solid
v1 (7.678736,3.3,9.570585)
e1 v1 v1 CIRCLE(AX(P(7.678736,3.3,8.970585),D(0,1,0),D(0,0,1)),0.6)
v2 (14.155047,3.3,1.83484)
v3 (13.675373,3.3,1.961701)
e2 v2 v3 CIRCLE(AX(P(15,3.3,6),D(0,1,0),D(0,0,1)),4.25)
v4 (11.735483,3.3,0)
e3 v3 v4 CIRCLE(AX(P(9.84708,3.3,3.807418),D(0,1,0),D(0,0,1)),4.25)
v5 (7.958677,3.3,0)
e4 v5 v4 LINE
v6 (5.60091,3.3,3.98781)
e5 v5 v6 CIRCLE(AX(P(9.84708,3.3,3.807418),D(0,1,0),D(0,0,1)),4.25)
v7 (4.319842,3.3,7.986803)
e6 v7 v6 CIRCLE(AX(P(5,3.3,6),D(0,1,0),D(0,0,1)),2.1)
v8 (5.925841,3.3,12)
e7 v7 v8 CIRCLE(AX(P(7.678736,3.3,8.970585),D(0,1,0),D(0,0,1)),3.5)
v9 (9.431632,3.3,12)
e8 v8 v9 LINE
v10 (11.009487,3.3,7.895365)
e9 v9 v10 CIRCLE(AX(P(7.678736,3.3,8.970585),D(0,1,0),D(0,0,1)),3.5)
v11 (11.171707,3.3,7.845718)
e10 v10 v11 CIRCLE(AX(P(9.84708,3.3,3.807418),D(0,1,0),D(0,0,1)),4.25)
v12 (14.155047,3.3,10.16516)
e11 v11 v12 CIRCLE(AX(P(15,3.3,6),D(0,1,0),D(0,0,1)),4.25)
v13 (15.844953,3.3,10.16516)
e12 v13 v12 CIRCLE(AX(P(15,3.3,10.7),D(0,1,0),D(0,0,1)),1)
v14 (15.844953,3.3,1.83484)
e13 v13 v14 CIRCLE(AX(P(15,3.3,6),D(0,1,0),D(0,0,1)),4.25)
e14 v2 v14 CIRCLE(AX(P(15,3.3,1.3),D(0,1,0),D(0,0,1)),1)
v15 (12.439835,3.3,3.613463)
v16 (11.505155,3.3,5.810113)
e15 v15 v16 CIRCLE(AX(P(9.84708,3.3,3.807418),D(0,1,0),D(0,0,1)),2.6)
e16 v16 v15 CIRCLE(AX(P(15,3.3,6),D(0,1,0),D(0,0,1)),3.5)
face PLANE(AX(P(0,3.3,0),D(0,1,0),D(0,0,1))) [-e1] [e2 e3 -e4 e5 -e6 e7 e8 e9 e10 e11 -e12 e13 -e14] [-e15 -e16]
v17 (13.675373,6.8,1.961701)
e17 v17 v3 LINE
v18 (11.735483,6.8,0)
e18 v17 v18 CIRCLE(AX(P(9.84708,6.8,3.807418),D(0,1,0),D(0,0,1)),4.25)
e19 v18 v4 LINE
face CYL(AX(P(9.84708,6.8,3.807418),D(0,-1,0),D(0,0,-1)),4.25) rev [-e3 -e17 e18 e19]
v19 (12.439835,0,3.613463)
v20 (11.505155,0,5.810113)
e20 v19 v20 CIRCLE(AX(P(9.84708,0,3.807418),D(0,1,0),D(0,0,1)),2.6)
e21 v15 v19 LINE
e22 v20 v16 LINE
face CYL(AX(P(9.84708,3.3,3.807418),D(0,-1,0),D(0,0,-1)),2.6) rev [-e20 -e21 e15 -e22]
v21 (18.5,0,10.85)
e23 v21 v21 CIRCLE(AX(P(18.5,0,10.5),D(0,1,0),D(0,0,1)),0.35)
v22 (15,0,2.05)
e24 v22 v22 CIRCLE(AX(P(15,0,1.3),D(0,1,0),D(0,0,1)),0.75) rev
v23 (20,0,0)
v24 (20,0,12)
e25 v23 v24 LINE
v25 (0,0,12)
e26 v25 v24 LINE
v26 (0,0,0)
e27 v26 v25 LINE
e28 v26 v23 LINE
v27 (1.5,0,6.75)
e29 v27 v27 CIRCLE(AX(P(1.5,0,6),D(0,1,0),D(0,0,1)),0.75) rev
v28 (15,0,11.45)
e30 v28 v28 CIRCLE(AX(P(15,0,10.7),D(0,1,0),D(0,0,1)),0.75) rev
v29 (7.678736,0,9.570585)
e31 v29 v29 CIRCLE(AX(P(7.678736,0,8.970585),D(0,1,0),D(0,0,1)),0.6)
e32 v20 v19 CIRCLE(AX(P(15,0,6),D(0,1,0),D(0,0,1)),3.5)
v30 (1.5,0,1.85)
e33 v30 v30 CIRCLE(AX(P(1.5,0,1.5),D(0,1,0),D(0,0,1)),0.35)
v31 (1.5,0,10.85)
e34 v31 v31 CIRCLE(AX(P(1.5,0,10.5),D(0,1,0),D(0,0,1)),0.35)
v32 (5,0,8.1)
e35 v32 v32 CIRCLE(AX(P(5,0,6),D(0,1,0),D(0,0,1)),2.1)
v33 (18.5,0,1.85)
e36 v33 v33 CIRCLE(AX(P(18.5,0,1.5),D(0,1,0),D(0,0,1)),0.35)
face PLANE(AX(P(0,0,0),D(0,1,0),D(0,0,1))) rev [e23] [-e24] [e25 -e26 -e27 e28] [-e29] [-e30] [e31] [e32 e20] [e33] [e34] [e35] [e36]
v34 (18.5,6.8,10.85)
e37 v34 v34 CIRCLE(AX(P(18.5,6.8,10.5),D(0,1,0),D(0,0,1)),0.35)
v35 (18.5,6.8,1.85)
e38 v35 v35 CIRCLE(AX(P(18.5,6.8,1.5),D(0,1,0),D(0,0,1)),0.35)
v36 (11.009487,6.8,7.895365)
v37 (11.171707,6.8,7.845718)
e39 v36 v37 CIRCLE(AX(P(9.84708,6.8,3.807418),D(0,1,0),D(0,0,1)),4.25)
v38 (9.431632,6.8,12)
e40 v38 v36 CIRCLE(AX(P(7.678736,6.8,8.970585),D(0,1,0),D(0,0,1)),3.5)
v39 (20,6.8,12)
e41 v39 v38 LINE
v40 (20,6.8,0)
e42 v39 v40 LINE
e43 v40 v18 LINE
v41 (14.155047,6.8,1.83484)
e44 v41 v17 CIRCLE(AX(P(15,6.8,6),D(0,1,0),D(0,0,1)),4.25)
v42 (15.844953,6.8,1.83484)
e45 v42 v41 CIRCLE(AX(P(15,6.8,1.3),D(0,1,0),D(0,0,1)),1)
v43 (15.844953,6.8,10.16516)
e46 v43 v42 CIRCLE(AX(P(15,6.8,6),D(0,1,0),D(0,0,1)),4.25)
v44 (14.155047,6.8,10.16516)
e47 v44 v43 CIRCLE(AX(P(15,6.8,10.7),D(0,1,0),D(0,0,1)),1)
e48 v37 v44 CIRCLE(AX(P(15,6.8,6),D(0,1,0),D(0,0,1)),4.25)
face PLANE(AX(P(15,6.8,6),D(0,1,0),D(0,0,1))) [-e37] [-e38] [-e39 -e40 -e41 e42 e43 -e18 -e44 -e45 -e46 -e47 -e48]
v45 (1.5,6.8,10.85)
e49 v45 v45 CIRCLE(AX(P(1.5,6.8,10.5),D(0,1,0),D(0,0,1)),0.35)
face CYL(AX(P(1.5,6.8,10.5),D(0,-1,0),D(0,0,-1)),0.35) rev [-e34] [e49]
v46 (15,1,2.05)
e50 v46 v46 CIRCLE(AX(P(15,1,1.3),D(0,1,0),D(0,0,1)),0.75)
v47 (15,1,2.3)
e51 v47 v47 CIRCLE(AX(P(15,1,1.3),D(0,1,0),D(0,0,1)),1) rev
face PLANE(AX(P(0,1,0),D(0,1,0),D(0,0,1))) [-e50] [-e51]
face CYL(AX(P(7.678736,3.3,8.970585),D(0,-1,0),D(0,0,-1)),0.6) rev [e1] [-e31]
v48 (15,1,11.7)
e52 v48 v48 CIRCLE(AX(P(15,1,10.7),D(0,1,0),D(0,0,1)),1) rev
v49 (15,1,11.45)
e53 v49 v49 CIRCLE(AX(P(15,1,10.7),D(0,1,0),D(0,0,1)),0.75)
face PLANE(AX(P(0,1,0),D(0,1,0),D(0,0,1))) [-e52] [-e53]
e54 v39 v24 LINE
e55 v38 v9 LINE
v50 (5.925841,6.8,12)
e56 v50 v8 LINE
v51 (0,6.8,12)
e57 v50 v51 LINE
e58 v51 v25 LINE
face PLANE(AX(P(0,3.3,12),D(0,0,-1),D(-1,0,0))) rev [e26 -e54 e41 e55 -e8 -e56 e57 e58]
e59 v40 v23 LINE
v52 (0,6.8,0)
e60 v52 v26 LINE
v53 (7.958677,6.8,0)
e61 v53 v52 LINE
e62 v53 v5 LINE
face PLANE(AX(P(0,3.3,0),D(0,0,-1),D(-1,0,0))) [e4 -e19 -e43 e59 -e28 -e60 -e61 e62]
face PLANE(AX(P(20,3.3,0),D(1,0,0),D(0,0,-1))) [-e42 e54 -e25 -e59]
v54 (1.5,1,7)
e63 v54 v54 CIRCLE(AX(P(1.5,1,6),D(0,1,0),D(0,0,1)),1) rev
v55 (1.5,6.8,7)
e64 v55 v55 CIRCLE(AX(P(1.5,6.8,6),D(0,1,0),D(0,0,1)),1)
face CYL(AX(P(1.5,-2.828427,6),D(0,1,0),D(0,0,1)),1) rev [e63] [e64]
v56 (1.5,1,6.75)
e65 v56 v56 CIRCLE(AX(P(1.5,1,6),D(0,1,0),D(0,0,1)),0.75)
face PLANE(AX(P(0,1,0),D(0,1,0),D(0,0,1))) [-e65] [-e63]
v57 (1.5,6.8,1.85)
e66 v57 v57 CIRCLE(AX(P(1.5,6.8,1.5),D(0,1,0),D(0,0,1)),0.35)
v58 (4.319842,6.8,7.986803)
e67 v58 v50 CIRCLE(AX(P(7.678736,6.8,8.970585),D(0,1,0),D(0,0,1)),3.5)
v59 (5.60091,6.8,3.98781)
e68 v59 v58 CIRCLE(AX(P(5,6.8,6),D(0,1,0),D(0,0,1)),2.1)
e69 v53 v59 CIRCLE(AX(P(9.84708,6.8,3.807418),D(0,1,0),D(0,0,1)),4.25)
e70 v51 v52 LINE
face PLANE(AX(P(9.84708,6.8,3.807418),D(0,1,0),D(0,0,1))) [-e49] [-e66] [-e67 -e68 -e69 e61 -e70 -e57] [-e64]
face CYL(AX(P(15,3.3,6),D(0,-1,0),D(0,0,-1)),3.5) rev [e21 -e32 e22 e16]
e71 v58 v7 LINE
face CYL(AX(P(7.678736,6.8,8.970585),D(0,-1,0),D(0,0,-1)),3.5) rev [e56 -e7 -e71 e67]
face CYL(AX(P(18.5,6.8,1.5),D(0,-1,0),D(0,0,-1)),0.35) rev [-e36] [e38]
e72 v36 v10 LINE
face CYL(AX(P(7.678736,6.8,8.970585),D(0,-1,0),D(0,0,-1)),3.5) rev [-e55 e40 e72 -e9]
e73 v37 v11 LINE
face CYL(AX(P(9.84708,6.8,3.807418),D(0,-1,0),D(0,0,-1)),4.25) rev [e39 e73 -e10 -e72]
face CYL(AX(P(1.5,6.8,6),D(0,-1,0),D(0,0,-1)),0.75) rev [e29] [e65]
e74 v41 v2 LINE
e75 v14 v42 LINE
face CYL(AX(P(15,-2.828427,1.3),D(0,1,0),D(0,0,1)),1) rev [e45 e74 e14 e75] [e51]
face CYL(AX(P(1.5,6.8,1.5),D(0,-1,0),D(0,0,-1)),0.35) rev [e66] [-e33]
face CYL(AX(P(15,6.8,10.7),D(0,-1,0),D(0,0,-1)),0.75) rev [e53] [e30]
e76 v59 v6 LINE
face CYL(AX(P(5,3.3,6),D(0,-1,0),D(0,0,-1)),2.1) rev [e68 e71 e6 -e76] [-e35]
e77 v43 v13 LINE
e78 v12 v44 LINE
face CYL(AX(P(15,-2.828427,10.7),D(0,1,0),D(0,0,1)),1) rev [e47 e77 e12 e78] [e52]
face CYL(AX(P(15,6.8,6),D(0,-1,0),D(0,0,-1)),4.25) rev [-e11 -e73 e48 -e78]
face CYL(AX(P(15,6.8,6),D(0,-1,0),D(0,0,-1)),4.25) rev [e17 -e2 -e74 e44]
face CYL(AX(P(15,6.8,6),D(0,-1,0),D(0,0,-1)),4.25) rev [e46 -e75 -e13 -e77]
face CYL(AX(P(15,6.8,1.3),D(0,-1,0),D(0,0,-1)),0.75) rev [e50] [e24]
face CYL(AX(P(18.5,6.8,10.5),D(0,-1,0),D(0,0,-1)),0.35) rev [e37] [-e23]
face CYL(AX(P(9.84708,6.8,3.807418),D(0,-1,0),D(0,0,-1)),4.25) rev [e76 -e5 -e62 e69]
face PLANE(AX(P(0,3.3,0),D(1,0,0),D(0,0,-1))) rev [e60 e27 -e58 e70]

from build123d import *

# Parameters (mm, degrees)
SKETCH_1_W          = 20
SKETCH_1_H          = 12
SKETCH_1_R          = 2.1
SKETCH_1_R_2        = 0.6
EXTRUDE_1_DEPTH     = 3.3
EXTRUDE_START       = 3.3
EXTRUDE_4_DEPTH     = 3.5
SKETCH_2_R          = 0.75
CUT_EXTRUDE_1_DEPTH = 29.930952283
CUT_EXTRUDE_START   = 24
SKETCH_2_4_R        = 1
CUT_EXTRUDE_2_DEPTH = 5.8
SKETCH_3_R          = 0.35
CUT_EXTRUDE_3_DEPTH = 25.294855422


with BuildPart() as part:
    # 草图1 → 凸台-拉伸1 (new body)
    with BuildSketch(Plane(origin=(0, 0, 0), x_dir=(1, 0, 0), z_dir=(0, 1, 0))):
        with Locations((10, -6)):
            Rectangle(SKETCH_1_W, SKETCH_1_H)
        with BuildLine():
            ThreePointArc((12.439835428, -3.613463312), (18.220575086, -7.370363498), (11.50515478, -5.81011348))
            ThreePointArc((11.50515478, -5.81011348), (7.454652656, -2.789434091), (12.439835428, -3.613463312))
        make_face(mode=Mode.SUBTRACT)
        with Locations(Location((5, -6, 0), (0, 0, 270))):
            Circle(SKETCH_1_R, mode=Mode.SUBTRACT)
        with Locations(Location((7.678736094, -8.970584613, 0), (0, 0, 270))):
            Circle(SKETCH_1_R_2, mode=Mode.SUBTRACT)
    extrude(amount=EXTRUDE_1_DEPTH)

    # 草图1<6> → 凸台-拉伸4 (add)
    with BuildSketch(Plane(origin=(0, 0, 0), x_dir=(1, 0, 0), z_dir=(0, 1, 0)).offset(EXTRUDE_START)):
        with BuildLine():
            Line((7.958677072, 0), (0, 0))
            Line((0, 0), (0, -12))
            Line((0, -12), (5.925840657, -12))
            ThreePointArc((5.925840657, -12), (4.429268792, -10.270954659), (4.319841502, -7.986802561))
            ThreePointArc((4.319841502, -7.986802561), (3.000111311, -5.359340003), (5.600909971, -3.987810345))
            ThreePointArc((5.600909971, -3.987810345), (6.188678117, -1.644412009), (7.958677072, 0))
        make_face()
        with BuildLine():
            Line((20, 0), (11.735482653, 0))
            ThreePointArc((11.735482653, 0), (12.869036074, -0.819060885), (13.675372646, -1.961700559))
            ThreePointArc((13.675372646, -1.961700559), (18.910698319, -7.664012819), (11.171707216, -7.845717845))
            ThreePointArc((11.171707216, -7.845717845), (11.090844977, -7.871351024), (11.009487245, -7.895365208))
            ThreePointArc((11.009487245, -7.895365208), (10.945672327, -10.226422042), (9.43163153, -12))
            Line((9.43163153, -12), (20, -12))
            Line((20, -12), (20, 0))
        make_face()
    extrude(amount=EXTRUDE_4_DEPTH)

    # 草图2 → 切除-拉伸1 (cut, through all)
    with BuildSketch(Plane(origin=(5, -17.2, 6), x_dir=(0, 0, -1), z_dir=(0, 1, 0))):
        with Locations(Location((0, 3.5, 0), (0, 0, 180))):
            Circle(SKETCH_2_R)
        with Locations(Location((-4.7, -10, 0), (0, 0, 49.37814182))):
            Circle(SKETCH_2_R)
        with Locations(Location((4.7, -10, 0), (0, 0, 229.37814182))):
            Circle(SKETCH_2_R)
    extrude(amount=CUT_EXTRUDE_1_DEPTH, mode=Mode.SUBTRACT)

    # 草图2<4> → 切除-拉伸2 (cut)
    with BuildSketch(Plane(origin=(5, -17.2, 6), x_dir=(0, 0, -1), z_dir=(0, 1, 0)).offset(CUT_EXTRUDE_START)):
        with Locations(Location((0, 3.5, 0), (0, 0, 180))):
            Circle(SKETCH_2_4_R)
        with Locations(Location((-4.7, -10, 0), (0, 0, 180))):
            Circle(SKETCH_2_4_R)
        with Locations(Location((4.7, -10, 0), (0, 0, 180))):
            Circle(SKETCH_2_4_R)
    extrude(amount=-CUT_EXTRUDE_2_DEPTH, mode=Mode.SUBTRACT)

    # 草图3 → 切除-拉伸3 (cut, through all)
    with BuildSketch(Plane(origin=(0, 0, 0), x_dir=(1, 0, 0), z_dir=(0, 1, 0))):
        with Locations(Location((1.5, -1.5, 0), (0, 0, 270))):
            Circle(SKETCH_3_R)
        with Locations(Location((1.5, -10.5, 0), (0, 0, 270))):
            Circle(SKETCH_3_R)
        with Locations(Location((18.5, -10.5, 0), (0, 0, 270))):
            Circle(SKETCH_3_R)
        with Locations(Location((18.5, -1.5, 0), (0, 0, 270))):
            Circle(SKETCH_3_R)
    extrude(amount=CUT_EXTRUDE_3_DEPTH, mode=Mode.SUBTRACT)


solid = part.part
